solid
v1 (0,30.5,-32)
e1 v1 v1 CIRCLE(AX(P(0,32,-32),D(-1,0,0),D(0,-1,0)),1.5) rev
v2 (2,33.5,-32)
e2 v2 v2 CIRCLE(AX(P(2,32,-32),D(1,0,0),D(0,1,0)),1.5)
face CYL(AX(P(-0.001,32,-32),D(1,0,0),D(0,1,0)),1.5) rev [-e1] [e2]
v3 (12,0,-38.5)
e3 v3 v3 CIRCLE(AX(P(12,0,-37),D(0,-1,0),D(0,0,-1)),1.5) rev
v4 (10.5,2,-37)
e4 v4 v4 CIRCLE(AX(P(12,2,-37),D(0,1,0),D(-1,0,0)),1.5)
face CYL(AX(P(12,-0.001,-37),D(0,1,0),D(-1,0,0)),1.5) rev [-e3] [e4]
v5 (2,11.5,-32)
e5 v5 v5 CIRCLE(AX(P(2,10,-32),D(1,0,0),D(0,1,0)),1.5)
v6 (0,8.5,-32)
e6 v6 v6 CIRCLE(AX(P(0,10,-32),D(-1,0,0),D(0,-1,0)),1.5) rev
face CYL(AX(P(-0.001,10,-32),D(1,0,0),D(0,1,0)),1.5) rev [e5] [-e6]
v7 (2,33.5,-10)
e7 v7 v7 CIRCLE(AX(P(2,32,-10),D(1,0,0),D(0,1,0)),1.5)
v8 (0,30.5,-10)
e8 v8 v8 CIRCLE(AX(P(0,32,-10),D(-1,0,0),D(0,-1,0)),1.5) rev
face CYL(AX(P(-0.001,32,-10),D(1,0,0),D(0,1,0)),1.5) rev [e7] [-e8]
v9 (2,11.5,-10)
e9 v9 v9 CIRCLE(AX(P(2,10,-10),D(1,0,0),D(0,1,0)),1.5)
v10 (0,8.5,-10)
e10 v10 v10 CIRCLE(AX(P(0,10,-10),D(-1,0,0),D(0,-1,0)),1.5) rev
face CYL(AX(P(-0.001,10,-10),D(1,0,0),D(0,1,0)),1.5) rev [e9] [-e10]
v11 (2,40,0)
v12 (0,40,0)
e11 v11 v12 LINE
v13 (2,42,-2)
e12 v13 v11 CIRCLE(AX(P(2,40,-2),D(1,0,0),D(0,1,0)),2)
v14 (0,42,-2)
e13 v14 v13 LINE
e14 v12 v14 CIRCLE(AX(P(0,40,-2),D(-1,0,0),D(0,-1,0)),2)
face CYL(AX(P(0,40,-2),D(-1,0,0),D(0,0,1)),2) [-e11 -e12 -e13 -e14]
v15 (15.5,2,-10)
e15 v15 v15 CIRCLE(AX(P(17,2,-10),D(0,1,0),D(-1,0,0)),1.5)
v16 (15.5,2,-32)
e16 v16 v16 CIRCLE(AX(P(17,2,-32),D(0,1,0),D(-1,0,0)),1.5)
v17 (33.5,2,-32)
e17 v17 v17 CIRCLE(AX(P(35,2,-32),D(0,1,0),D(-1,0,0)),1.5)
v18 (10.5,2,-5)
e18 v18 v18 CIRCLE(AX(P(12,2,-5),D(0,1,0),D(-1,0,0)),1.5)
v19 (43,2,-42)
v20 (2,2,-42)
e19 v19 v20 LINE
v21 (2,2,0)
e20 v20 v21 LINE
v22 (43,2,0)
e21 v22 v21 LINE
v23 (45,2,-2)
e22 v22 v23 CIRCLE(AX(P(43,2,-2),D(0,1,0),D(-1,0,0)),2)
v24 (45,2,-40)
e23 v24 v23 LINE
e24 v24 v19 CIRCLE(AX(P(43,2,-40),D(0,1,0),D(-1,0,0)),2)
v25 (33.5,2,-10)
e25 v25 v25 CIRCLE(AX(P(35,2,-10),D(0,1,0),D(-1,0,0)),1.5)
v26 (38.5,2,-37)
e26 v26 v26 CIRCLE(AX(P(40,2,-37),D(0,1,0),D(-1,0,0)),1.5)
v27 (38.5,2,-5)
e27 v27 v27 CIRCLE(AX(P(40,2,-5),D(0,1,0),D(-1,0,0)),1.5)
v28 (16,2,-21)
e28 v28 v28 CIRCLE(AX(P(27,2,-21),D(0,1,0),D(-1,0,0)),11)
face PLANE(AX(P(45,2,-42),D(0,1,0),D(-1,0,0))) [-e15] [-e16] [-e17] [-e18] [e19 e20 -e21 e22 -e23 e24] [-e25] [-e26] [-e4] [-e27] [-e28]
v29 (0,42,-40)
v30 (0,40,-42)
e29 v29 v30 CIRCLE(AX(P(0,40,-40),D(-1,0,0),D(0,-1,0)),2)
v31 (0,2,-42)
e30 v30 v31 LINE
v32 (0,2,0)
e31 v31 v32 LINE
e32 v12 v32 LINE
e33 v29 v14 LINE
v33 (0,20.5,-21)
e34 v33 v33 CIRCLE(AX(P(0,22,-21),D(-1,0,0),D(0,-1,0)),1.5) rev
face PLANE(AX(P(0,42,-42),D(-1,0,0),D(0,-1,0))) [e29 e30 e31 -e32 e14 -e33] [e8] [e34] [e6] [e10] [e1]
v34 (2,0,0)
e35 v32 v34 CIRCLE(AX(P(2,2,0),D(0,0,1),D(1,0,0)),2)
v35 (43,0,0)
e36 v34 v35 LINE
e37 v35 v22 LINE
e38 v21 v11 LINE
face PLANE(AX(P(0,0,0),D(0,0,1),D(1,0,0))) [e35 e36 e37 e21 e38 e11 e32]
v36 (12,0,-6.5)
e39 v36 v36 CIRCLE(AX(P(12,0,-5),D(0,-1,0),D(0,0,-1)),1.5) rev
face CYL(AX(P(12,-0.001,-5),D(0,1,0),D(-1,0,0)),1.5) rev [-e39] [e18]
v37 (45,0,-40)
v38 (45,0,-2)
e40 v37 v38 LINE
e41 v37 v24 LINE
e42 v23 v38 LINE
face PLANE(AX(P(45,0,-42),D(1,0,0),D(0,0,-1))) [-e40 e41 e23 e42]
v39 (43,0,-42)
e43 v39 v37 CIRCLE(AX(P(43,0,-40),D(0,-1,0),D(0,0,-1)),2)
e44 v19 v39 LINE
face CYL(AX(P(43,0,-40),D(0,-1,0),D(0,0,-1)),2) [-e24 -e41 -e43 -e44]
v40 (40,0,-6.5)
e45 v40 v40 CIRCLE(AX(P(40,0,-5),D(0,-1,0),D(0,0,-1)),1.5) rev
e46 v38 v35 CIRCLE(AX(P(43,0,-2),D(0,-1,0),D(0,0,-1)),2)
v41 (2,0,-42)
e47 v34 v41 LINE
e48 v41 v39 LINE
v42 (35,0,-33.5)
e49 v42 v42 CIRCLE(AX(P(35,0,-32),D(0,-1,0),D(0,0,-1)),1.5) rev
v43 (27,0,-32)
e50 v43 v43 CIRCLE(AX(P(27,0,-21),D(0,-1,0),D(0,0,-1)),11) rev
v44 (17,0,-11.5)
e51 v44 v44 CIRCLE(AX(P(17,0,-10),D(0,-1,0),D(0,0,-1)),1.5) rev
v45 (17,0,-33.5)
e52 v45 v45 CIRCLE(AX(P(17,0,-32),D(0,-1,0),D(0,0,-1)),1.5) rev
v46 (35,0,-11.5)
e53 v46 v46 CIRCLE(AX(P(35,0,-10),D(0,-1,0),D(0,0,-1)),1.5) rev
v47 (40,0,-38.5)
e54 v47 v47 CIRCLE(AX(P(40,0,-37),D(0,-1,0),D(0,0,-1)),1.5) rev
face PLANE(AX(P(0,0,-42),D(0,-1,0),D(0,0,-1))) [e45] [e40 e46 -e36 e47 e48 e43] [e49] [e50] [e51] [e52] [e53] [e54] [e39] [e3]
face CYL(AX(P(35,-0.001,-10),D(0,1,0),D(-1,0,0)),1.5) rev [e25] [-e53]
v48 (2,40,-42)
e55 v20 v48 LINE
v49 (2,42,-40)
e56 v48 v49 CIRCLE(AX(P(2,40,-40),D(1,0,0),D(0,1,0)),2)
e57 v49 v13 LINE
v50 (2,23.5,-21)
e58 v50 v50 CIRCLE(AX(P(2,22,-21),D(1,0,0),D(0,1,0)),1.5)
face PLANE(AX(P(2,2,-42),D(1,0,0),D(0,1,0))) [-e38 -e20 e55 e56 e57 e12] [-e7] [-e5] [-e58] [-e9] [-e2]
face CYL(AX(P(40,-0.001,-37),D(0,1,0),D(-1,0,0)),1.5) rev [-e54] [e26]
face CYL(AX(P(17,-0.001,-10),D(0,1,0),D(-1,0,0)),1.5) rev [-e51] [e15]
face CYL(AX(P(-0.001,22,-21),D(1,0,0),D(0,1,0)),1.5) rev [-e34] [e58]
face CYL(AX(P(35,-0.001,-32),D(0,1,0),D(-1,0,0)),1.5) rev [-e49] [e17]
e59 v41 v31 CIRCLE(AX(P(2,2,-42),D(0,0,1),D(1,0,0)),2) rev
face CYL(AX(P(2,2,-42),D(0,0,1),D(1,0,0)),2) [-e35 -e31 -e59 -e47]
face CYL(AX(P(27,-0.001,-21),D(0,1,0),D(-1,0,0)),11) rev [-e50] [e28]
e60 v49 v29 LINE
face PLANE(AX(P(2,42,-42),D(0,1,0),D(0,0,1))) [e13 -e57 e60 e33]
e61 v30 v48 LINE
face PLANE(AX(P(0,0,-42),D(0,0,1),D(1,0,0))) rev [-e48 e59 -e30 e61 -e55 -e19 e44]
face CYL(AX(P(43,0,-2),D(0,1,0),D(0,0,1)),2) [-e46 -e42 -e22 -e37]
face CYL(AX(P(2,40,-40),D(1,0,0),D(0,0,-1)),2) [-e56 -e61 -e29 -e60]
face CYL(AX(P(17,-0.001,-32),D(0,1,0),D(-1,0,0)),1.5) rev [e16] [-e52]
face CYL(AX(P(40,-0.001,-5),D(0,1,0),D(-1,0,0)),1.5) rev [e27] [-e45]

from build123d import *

# Parameters (mm, degrees)
BOSS_EXTRUDE1_DEPTH = 42
FILLET1_R           = 2
FILLET2_R           = 2
CUT_EXTRUDE1_REACH  = 75.41
SKETCH3_R           = 11
SKETCH3_R_2         = 1.5
CUT_EXTRUDE2_REACH  = 75.328
SKETCH4_R           = 1.5


with BuildPart() as part:
    # Sketch1 → Boss-Extrude1 (new body)
    with BuildSketch(Plane.XY):
        Polygon((0, 0), (45, 0), (45, 2), (2, 2), (2, 42), (0, 42), align=None)
    extrude(amount=-BOSS_EXTRUDE1_DEPTH)

    # Fillet1
    fillet1_edges = [part.edges().sort_by_distance(p)[0] for p in [
        (0, 0, -21),
    ]]
    fillet(fillet1_edges, radius=FILLET1_R)

    # Fillet2
    fillet2_edges = [part.edges().sort_by_distance(p)[0] for p in [
        (45, 1, -42),
        (1, 42, -42),
        (1, 42, 0),
        (45, 1, 0),
    ]]
    fillet(fillet2_edges, radius=FILLET2_R)

    # Sketch3 → Cut-Extrude1 (cut, up to next)
    with BuildSketch(Plane(origin=(0, 2, 0), x_dir=(1, 0, 0), z_dir=(0, 1, 0)), mode=Mode.PRIVATE) as cut_extrude1_sk1:
        with Locations(Location((27, 21, 0), (0, 0, 180))):
            Circle(SKETCH3_R)
    cut_extrude1_tool1 = extrude(cut_extrude1_sk1.sketch, amount=-CUT_EXTRUDE1_REACH, mode=Mode.PRIVATE) & part.part
    # Sketch3 → Cut-Extrude1 (cut, up to next)
    with BuildSketch(Plane(origin=(0, 2, 0), x_dir=(1, 0, 0), z_dir=(0, 1, 0)), mode=Mode.PRIVATE) as cut_extrude1_sk2:
        with Locations(Location((40, 37, 0), (0, 0, 180))):
            Circle(SKETCH3_R_2)
    cut_extrude1_tool2 = extrude(cut_extrude1_sk2.sketch, amount=-CUT_EXTRUDE1_REACH, mode=Mode.PRIVATE) & part.part
    # Sketch3 → Cut-Extrude1 (cut, up to next)
    with BuildSketch(Plane(origin=(0, 2, 0), x_dir=(1, 0, 0), z_dir=(0, 1, 0)), mode=Mode.PRIVATE) as cut_extrude1_sk3:
        with Locations(Location((40, 5, 0), (0, 0, 180))):
            Circle(SKETCH3_R_2)
    cut_extrude1_tool3 = extrude(cut_extrude1_sk3.sketch, amount=-CUT_EXTRUDE1_REACH, mode=Mode.PRIVATE) & part.part
    # Sketch3 → Cut-Extrude1 (cut, up to next)
    with BuildSketch(Plane(origin=(0, 2, 0), x_dir=(1, 0, 0), z_dir=(0, 1, 0)), mode=Mode.PRIVATE) as cut_extrude1_sk4:
        with Locations(Location((35, 32, 0), (0, 0, 180))):
            Circle(SKETCH3_R_2)
    cut_extrude1_tool4 = extrude(cut_extrude1_sk4.sketch, amount=-CUT_EXTRUDE1_REACH, mode=Mode.PRIVATE) & part.part
    # Sketch3 → Cut-Extrude1 (cut, up to next)
    with BuildSketch(Plane(origin=(0, 2, 0), x_dir=(1, 0, 0), z_dir=(0, 1, 0)), mode=Mode.PRIVATE) as cut_extrude1_sk5:
        with Locations(Location((35, 10, 0), (0, 0, 180))):
            Circle(SKETCH3_R_2)
    cut_extrude1_tool5 = extrude(cut_extrude1_sk5.sketch, amount=-CUT_EXTRUDE1_REACH, mode=Mode.PRIVATE) & part.part
    # Sketch3 → Cut-Extrude1 (cut, up to next)
    with BuildSketch(Plane(origin=(0, 2, 0), x_dir=(1, 0, 0), z_dir=(0, 1, 0)), mode=Mode.PRIVATE) as cut_extrude1_sk6:
        with Locations(Location((17, 10, 0), (0, 0, 180))):
            Circle(SKETCH3_R_2)
    cut_extrude1_tool6 = extrude(cut_extrude1_sk6.sketch, amount=-CUT_EXTRUDE1_REACH, mode=Mode.PRIVATE) & part.part
    # Sketch3 → Cut-Extrude1 (cut, up to next)
    with BuildSketch(Plane(origin=(0, 2, 0), x_dir=(1, 0, 0), z_dir=(0, 1, 0)), mode=Mode.PRIVATE) as cut_extrude1_sk7:
        with Locations(Location((17, 32, 0), (0, 0, 180))):
            Circle(SKETCH3_R_2)
    cut_extrude1_tool7 = extrude(cut_extrude1_sk7.sketch, amount=-CUT_EXTRUDE1_REACH, mode=Mode.PRIVATE) & part.part
    # Sketch3 → Cut-Extrude1 (cut, up to next)
    with BuildSketch(Plane(origin=(0, 2, 0), x_dir=(1, 0, 0), z_dir=(0, 1, 0)), mode=Mode.PRIVATE) as cut_extrude1_sk8:
        with Locations(Location((12, 37, 0), (0, 0, 180))):
            Circle(SKETCH3_R_2)
    cut_extrude1_tool8 = extrude(cut_extrude1_sk8.sketch, amount=-CUT_EXTRUDE1_REACH, mode=Mode.PRIVATE) & part.part
    # Sketch3 → Cut-Extrude1 (cut, up to next)
    with BuildSketch(Plane(origin=(0, 2, 0), x_dir=(1, 0, 0), z_dir=(0, 1, 0)), mode=Mode.PRIVATE) as cut_extrude1_sk9:
        with Locations(Location((12, 5, 0), (0, 0, 180))):
            Circle(SKETCH3_R_2)
    cut_extrude1_tool9 = extrude(cut_extrude1_sk9.sketch, amount=-CUT_EXTRUDE1_REACH, mode=Mode.PRIVATE) & part.part
    add(cut_extrude1_tool1.solids().sort_by_distance((27, 2, -21))[0], mode=Mode.SUBTRACT)
    add(cut_extrude1_tool2.solids().sort_by_distance((40, 2, -37))[0], mode=Mode.SUBTRACT)
    add(cut_extrude1_tool3.solids().sort_by_distance((40, 2, -5))[0], mode=Mode.SUBTRACT)
    add(cut_extrude1_tool4.solids().sort_by_distance((35, 2, -32))[0], mode=Mode.SUBTRACT)
    add(cut_extrude1_tool5.solids().sort_by_distance((35, 2, -10))[0], mode=Mode.SUBTRACT)
    add(cut_extrude1_tool6.solids().sort_by_distance((17, 2, -10))[0], mode=Mode.SUBTRACT)
    add(cut_extrude1_tool7.solids().sort_by_distance((17, 2, -32))[0], mode=Mode.SUBTRACT)
    add(cut_extrude1_tool8.solids().sort_by_distance((12, 2, -37))[0], mode=Mode.SUBTRACT)
    add(cut_extrude1_tool9.solids().sort_by_distance((12, 2, -5))[0], mode=Mode.SUBTRACT)

    # Sketch4 → Cut-Extrude2 (cut, up to next)
    with BuildSketch(Plane(origin=(2, 0, 0), x_dir=(0, 0, -1), z_dir=(1, 0, 0)), mode=Mode.PRIVATE) as cut_extrude2_sk1:
        with Locations(Location((21, 22, 0), (0, 0, 90))):
            Circle(SKETCH4_R)
    cut_extrude2_tool1 = extrude(cut_extrude2_sk1.sketch, amount=-CUT_EXTRUDE2_REACH, mode=Mode.PRIVATE) & part.part
    # Sketch4 → Cut-Extrude2 (cut, up to next)
    with BuildSketch(Plane(origin=(2, 0, 0), x_dir=(0, 0, -1), z_dir=(1, 0, 0)), mode=Mode.PRIVATE) as cut_extrude2_sk2:
        with Locations(Location((10, 32, 0), (0, 0, 90))):
            Circle(SKETCH4_R)
    cut_extrude2_tool2 = extrude(cut_extrude2_sk2.sketch, amount=-CUT_EXTRUDE2_REACH, mode=Mode.PRIVATE) & part.part
    # Sketch4 → Cut-Extrude2 (cut, up to next)
    with BuildSketch(Plane(origin=(2, 0, 0), x_dir=(0, 0, -1), z_dir=(1, 0, 0)), mode=Mode.PRIVATE) as cut_extrude2_sk3:
        with Locations(Location((32, 32, 0), (0, 0, 90))):
            Circle(SKETCH4_R)
    cut_extrude2_tool3 = extrude(cut_extrude2_sk3.sketch, amount=-CUT_EXTRUDE2_REACH, mode=Mode.PRIVATE) & part.part
    # Sketch4 → Cut-Extrude2 (cut, up to next)
    with BuildSketch(Plane(origin=(2, 0, 0), x_dir=(0, 0, -1), z_dir=(1, 0, 0)), mode=Mode.PRIVATE) as cut_extrude2_sk4:
        with Locations(Location((10, 10, 0), (0, 0, 90))):
            Circle(SKETCH4_R)
    cut_extrude2_tool4 = extrude(cut_extrude2_sk4.sketch, amount=-CUT_EXTRUDE2_REACH, mode=Mode.PRIVATE) & part.part
    # Sketch4 → Cut-Extrude2 (cut, up to next)
    with BuildSketch(Plane(origin=(2, 0, 0), x_dir=(0, 0, -1), z_dir=(1, 0, 0)), mode=Mode.PRIVATE) as cut_extrude2_sk5:
        with Locations(Location((32, 10, 0), (0, 0, 90))):
            Circle(SKETCH4_R)
    cut_extrude2_tool5 = extrude(cut_extrude2_sk5.sketch, amount=-CUT_EXTRUDE2_REACH, mode=Mode.PRIVATE) & part.part
    add(cut_extrude2_tool1.solids().sort_by_distance((2, 22, -21))[0], mode=Mode.SUBTRACT)
    add(cut_extrude2_tool2.solids().sort_by_distance((2, 32, -10))[0], mode=Mode.SUBTRACT)
    add(cut_extrude2_tool3.solids().sort_by_distance((2, 32, -32))[0], mode=Mode.SUBTRACT)
    add(cut_extrude2_tool4.solids().sort_by_distance((2, 10, -10))[0], mode=Mode.SUBTRACT)
    add(cut_extrude2_tool5.solids().sort_by_distance((2, 10, -32))[0], mode=Mode.SUBTRACT)


solid = part.part
